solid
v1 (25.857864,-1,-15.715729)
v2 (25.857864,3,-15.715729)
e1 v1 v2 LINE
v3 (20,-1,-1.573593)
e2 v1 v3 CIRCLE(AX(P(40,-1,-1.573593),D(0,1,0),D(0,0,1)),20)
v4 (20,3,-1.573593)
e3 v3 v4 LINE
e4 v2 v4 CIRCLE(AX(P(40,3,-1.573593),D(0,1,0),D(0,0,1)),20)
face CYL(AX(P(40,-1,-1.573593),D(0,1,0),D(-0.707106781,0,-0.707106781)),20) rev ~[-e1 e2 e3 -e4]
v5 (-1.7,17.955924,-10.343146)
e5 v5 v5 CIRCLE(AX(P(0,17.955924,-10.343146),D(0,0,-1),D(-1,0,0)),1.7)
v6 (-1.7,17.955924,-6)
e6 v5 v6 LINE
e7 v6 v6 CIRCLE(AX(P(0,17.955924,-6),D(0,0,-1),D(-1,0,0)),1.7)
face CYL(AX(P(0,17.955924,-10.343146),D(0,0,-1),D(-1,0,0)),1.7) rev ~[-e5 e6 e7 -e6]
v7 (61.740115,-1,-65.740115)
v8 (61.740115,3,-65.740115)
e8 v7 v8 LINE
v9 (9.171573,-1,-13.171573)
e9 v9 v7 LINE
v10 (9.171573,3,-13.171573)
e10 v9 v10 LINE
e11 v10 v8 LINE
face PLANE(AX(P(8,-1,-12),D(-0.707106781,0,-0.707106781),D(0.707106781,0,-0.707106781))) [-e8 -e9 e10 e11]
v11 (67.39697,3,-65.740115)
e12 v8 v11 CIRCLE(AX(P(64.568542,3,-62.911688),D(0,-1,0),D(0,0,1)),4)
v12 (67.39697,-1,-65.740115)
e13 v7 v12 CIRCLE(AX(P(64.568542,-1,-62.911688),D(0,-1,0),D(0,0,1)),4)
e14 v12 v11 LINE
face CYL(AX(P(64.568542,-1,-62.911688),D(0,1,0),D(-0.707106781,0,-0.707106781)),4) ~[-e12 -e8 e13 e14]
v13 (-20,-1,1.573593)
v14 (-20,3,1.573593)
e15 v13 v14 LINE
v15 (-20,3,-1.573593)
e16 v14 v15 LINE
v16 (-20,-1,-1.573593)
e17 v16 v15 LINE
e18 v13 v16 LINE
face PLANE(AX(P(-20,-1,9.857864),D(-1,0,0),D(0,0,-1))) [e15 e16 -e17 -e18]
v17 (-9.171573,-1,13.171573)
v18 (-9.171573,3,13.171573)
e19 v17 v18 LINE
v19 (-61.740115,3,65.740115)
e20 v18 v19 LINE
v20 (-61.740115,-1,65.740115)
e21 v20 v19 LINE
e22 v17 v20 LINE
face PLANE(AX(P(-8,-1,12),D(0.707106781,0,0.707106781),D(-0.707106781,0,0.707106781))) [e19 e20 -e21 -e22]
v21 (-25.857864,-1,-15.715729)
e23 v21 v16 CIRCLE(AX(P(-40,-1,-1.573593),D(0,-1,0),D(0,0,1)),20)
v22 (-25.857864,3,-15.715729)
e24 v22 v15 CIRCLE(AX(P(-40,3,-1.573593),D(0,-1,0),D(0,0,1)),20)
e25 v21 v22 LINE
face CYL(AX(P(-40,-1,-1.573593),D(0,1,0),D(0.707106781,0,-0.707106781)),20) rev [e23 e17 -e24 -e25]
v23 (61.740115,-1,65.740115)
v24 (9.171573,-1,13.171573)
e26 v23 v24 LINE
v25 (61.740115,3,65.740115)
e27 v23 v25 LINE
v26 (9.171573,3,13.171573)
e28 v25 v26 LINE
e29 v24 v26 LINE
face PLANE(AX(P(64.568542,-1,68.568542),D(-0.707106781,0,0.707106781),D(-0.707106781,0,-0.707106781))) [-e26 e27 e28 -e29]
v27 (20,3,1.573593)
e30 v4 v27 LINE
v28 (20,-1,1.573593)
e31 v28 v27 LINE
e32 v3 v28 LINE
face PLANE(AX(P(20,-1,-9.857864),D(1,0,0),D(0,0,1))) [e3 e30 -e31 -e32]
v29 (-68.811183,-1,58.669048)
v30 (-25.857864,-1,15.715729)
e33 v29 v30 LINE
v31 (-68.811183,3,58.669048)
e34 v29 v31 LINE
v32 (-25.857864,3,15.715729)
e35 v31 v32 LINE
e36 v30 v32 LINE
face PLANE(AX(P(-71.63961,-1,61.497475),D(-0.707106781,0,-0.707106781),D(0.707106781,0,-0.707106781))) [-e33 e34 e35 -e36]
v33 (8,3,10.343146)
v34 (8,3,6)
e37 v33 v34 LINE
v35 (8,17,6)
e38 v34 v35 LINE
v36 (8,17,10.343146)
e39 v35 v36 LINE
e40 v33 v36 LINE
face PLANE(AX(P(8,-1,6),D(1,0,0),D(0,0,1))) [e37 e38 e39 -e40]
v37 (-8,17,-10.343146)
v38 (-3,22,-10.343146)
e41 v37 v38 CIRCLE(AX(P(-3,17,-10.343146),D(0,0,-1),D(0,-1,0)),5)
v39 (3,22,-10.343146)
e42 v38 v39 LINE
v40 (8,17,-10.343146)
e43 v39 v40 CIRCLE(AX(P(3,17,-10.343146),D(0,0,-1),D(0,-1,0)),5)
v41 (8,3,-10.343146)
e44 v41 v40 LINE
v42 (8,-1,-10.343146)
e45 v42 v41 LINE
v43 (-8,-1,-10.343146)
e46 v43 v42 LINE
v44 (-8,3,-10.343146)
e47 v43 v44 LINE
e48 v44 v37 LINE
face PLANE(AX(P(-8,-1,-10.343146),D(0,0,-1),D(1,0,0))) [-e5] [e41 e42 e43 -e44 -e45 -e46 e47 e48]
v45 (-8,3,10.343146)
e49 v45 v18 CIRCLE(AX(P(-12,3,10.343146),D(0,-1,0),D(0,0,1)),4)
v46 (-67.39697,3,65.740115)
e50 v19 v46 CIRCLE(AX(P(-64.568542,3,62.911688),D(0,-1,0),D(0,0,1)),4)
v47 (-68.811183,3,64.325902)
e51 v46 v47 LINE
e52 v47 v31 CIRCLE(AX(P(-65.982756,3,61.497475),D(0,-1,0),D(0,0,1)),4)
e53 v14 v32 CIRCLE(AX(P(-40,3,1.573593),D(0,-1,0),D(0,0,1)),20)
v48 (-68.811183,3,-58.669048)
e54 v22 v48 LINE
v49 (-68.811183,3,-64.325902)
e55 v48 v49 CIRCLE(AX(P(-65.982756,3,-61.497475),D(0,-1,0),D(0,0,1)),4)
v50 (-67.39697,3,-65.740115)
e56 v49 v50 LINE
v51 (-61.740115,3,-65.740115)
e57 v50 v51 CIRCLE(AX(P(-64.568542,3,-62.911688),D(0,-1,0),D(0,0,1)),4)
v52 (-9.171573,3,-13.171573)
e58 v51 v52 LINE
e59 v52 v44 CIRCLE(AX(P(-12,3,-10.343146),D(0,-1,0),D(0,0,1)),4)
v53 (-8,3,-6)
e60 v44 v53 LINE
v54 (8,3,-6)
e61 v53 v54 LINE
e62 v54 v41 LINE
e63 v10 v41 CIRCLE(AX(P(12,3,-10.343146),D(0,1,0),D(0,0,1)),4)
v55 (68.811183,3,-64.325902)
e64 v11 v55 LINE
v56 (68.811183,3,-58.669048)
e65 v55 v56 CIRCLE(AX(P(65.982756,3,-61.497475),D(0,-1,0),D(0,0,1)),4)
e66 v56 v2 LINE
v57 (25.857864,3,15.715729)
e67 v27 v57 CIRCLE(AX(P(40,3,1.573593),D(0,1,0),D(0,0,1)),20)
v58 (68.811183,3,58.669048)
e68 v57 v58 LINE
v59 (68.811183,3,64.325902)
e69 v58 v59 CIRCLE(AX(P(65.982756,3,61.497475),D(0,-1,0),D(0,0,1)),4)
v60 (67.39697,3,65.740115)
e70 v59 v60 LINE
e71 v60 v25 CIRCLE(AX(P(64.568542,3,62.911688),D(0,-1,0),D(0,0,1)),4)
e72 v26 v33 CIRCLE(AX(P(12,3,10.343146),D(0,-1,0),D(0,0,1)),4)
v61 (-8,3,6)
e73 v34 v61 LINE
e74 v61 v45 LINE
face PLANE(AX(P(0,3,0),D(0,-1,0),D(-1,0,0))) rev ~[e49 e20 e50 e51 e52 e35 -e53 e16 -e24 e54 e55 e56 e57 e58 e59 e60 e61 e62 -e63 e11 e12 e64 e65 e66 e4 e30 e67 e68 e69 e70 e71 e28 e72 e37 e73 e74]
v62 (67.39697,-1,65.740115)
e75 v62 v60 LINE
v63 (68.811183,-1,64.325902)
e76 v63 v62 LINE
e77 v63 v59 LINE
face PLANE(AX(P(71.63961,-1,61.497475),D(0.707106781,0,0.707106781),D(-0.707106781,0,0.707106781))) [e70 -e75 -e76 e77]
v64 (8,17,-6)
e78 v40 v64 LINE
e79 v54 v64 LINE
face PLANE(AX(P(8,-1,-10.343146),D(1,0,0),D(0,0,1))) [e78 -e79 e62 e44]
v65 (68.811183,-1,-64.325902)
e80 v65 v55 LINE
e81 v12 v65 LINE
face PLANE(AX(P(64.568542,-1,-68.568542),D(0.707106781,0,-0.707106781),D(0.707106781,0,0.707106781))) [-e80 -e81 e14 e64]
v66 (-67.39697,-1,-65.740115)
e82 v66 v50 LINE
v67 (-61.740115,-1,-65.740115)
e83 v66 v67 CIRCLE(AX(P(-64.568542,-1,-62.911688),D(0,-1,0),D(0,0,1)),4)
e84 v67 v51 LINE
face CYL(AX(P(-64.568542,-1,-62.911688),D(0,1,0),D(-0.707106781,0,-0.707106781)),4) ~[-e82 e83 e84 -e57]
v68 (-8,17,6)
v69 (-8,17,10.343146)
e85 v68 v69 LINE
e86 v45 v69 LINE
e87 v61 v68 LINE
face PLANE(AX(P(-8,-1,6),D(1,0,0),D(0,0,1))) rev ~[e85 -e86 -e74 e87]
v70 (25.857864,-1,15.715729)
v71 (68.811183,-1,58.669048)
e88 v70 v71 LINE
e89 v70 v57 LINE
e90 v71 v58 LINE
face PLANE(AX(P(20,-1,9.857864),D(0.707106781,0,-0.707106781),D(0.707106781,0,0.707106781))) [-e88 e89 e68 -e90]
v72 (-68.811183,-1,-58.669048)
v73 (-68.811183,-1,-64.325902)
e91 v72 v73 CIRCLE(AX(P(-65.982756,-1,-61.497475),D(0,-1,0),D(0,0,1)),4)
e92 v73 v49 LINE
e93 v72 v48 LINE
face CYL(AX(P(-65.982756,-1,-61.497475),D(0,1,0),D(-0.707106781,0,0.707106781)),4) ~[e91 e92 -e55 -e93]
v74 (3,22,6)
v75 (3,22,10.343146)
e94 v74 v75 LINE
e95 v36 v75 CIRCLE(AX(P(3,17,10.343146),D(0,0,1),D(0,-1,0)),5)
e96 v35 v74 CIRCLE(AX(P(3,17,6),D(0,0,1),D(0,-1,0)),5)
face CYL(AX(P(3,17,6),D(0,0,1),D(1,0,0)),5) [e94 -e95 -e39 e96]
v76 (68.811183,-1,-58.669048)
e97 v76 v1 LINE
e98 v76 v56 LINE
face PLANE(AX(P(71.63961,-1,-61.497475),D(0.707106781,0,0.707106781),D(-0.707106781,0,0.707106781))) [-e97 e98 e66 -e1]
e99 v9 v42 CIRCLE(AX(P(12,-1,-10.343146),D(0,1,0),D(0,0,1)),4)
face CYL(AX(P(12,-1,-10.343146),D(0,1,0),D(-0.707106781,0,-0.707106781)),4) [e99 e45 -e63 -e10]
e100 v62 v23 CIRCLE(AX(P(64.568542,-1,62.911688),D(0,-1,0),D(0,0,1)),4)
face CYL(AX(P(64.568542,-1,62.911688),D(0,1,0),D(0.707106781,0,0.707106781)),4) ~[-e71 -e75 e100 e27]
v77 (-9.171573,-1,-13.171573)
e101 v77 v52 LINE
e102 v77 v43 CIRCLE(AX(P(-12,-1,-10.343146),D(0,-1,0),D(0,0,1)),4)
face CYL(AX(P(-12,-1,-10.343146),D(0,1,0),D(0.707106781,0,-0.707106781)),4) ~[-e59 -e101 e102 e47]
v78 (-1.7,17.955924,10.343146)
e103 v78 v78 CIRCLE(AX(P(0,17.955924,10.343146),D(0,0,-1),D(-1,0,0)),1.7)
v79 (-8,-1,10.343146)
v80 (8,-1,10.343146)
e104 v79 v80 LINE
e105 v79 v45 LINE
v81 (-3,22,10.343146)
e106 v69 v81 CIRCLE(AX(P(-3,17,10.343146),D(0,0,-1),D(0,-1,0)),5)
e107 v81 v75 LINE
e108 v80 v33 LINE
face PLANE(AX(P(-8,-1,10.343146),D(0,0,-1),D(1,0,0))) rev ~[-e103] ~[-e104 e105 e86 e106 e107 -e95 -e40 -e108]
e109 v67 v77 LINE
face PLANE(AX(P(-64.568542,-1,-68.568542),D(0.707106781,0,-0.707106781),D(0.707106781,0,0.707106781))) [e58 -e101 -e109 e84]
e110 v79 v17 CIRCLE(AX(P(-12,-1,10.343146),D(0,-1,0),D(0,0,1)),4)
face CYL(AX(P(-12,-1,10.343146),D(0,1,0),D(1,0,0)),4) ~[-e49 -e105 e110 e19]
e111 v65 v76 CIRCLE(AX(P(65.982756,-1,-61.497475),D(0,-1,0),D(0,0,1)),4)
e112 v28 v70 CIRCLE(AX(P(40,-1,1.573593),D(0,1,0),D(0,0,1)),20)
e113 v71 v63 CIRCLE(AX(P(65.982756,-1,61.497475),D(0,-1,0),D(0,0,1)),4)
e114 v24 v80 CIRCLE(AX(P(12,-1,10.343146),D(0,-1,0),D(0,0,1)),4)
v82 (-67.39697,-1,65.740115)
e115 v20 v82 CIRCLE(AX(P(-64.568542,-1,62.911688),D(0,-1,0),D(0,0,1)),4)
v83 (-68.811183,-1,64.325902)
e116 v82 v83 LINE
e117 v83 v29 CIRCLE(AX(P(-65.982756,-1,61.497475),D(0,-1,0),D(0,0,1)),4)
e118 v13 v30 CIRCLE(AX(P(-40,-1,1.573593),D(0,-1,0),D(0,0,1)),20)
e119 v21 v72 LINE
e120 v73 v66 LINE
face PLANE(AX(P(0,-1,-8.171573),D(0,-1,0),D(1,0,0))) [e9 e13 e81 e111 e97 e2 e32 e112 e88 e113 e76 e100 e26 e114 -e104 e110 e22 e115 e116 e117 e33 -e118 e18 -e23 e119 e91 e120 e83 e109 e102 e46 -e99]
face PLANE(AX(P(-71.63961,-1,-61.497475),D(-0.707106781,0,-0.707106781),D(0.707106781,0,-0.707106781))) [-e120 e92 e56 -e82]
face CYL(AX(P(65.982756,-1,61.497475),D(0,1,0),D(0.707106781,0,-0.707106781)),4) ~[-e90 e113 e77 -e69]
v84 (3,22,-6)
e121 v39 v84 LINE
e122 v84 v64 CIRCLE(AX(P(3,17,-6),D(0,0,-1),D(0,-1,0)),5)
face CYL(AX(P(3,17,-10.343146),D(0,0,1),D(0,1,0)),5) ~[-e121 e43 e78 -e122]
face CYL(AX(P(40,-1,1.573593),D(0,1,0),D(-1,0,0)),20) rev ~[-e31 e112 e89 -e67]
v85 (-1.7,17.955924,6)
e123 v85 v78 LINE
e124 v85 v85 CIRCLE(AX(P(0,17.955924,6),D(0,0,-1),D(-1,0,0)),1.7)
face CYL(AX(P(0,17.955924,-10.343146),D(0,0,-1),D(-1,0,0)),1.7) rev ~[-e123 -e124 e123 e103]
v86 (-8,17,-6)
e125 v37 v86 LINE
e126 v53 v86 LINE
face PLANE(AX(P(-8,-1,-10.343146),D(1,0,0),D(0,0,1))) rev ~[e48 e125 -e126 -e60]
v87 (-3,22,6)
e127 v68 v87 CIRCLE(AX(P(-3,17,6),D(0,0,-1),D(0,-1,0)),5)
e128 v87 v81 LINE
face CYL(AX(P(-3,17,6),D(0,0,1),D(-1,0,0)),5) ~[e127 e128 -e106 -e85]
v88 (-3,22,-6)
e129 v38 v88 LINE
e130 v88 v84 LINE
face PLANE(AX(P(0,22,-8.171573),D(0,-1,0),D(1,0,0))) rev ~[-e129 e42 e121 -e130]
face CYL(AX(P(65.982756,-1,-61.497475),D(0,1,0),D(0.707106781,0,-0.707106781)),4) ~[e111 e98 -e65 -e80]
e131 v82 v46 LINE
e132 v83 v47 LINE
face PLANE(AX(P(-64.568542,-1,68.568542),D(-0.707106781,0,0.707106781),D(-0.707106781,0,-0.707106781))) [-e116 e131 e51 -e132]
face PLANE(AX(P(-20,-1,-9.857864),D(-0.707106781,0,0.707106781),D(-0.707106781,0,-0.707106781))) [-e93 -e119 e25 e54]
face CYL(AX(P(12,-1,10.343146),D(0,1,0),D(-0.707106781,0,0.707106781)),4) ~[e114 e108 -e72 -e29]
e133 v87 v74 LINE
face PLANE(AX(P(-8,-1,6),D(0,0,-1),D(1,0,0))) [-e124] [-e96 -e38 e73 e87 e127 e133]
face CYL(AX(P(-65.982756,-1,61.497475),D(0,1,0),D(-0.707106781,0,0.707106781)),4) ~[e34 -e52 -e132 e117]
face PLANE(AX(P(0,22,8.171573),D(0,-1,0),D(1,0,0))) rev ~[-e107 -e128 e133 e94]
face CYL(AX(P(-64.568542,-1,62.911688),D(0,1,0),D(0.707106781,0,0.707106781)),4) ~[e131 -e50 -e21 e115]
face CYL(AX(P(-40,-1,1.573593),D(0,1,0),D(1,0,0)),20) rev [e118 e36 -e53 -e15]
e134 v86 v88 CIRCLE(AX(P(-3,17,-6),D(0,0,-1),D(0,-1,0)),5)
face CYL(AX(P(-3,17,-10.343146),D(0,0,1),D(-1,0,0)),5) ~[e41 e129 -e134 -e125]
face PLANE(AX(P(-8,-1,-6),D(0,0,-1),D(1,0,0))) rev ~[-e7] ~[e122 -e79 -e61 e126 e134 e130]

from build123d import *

# Parameters (mm, degrees)
BOSS_EXTRUDE2_DEPTH     = 2
FILLET1_R               = 2
FILLET2_R               = 10
ECHELLE1_SCALE          = 2
ESQUISSE1_W             = 16
ESQUISSE1_H             = 4.343145751
BOSS_EXTRU_1_DEPTH      = 23
ENL_V_MAT_EXTRU_1_REACH = 108.536
ESQUISSE2_R             = 1.7
CONG_1_R                = 5


with BuildPart() as part:
    # Sketch2 → Boss-Extrude2 (new body)
    with BuildSketch(Plane(origin=(0, 0, 0), x_dir=(1, 0, 0), z_dir=(0, 1, 0))):
        Polygon((4, 6), (32.284271247, 34.284271247), (35.819805153, 30.748737342), (10, 4.928932188), (10, -4.928932188), (35.819805153, -30.748737342), (32.284271247, -34.284271247), (4, -6), (4, -3), (-4, -3), (-4, -6), (-32.284271247, -34.284271247), (-35.819805153, -30.748737342), (-10, -4.928932188), (-10, 4.928932188), (-35.819805153, 30.748737342), (-32.284271247, 34.284271247), (-4, 6), (-4, 3), (4, 3), align=None)
    extrude(amount=BOSS_EXTRUDE2_DEPTH)

    # Fillet1
    fillet1_edges = [part.edges().sort_by_distance(p)[0] for p in [
        (4, 1, -6),
        (32.284271247, 1, -34.284271247),
        (35.819805153, 1, -30.748737342),
        (35.819805153, 1, 30.748737342),
        (32.284271247, 1, 34.284271247),
        (4, 1, 6),
        (-4, 1, 6),
        (-32.284271247, 1, 34.284271247),
        (-35.819805153, 1, 30.748737342),
        (-35.819805153, 1, -30.748737342),
        (-32.284271247, 1, -34.284271247),
        (-4, 1, -6),
    ]]
    fillet(fillet1_edges, radius=FILLET1_R)

    # Fillet2
    fillet2_edges = [part.edges().sort_by_distance(p)[0] for p in [
        (10, 1, -4.928932188),
        (10, 1, 4.928932188),
        (-10, 1, 4.928932188),
        (-10, 1, -4.928932188),
    ]]
    fillet(fillet2_edges, radius=FILLET2_R)


with BuildPart() as part_1:
    # Echelle1: scaled about (0, 1, 0)
    add(part.part.scale(ECHELLE1_SCALE).moved(Location((0, -1, 0))))

    # Esquisse1 → Boss.-Extru.1 (add)
    with BuildSketch(Plane.XZ.offset(1)):
        with Locations((0, -8.171572876)):
            Rectangle(ESQUISSE1_W, ESQUISSE1_H)
        with Locations((0, 8.171572876)):
            Rectangle(ESQUISSE1_W, ESQUISSE1_H)
    extrude(amount=-BOSS_EXTRU_1_DEPTH)

    # Enlèv. mat.-Extru.1: up to this face of the body (flat: up to its plane)
    enl_v_mat_extru_1_end = Plane(part_1.part.faces().sort_by_distance((0, 10.5, 10.343145751))[0])
    # Esquisse2 → Enlèv. mat.-Extru.1 (cut, up to the picked face)
    with BuildSketch(Plane(origin=(0, 0, -10.343145751), x_dir=(-1, 0, 0), z_dir=(0, 0, -1)), mode=Mode.PRIVATE) as enl_v_mat_extru_1_sk1:
        with Locations((0, 17.955923501)):
            Circle(ESQUISSE2_R)
    enl_v_mat_extru_1_tool1 = split(extrude(enl_v_mat_extru_1_sk1.sketch, amount=-ENL_V_MAT_EXTRU_1_REACH, mode=Mode.PRIVATE), bisect_by=enl_v_mat_extru_1_end, keep=Keep.BOTH, mode=Mode.PRIVATE)
    add(enl_v_mat_extru_1_tool1.solids().sort_by(Axis((0, 17.955924, -10.343146), (0, 0, 1)))[0], mode=Mode.SUBTRACT)

    # Congé1
    cong_1_edges = [part_1.edges().sort_by_distance(p)[0] for p in [
        (8, 22, -8.171572875),
        (-8, 22, -8.171572875),
        (8, 22, 8.171572875),
        (-8, 22, 8.171572875),
    ]]
    fillet(cong_1_edges, radius=CONG_1_R)


solid = part_1.part
